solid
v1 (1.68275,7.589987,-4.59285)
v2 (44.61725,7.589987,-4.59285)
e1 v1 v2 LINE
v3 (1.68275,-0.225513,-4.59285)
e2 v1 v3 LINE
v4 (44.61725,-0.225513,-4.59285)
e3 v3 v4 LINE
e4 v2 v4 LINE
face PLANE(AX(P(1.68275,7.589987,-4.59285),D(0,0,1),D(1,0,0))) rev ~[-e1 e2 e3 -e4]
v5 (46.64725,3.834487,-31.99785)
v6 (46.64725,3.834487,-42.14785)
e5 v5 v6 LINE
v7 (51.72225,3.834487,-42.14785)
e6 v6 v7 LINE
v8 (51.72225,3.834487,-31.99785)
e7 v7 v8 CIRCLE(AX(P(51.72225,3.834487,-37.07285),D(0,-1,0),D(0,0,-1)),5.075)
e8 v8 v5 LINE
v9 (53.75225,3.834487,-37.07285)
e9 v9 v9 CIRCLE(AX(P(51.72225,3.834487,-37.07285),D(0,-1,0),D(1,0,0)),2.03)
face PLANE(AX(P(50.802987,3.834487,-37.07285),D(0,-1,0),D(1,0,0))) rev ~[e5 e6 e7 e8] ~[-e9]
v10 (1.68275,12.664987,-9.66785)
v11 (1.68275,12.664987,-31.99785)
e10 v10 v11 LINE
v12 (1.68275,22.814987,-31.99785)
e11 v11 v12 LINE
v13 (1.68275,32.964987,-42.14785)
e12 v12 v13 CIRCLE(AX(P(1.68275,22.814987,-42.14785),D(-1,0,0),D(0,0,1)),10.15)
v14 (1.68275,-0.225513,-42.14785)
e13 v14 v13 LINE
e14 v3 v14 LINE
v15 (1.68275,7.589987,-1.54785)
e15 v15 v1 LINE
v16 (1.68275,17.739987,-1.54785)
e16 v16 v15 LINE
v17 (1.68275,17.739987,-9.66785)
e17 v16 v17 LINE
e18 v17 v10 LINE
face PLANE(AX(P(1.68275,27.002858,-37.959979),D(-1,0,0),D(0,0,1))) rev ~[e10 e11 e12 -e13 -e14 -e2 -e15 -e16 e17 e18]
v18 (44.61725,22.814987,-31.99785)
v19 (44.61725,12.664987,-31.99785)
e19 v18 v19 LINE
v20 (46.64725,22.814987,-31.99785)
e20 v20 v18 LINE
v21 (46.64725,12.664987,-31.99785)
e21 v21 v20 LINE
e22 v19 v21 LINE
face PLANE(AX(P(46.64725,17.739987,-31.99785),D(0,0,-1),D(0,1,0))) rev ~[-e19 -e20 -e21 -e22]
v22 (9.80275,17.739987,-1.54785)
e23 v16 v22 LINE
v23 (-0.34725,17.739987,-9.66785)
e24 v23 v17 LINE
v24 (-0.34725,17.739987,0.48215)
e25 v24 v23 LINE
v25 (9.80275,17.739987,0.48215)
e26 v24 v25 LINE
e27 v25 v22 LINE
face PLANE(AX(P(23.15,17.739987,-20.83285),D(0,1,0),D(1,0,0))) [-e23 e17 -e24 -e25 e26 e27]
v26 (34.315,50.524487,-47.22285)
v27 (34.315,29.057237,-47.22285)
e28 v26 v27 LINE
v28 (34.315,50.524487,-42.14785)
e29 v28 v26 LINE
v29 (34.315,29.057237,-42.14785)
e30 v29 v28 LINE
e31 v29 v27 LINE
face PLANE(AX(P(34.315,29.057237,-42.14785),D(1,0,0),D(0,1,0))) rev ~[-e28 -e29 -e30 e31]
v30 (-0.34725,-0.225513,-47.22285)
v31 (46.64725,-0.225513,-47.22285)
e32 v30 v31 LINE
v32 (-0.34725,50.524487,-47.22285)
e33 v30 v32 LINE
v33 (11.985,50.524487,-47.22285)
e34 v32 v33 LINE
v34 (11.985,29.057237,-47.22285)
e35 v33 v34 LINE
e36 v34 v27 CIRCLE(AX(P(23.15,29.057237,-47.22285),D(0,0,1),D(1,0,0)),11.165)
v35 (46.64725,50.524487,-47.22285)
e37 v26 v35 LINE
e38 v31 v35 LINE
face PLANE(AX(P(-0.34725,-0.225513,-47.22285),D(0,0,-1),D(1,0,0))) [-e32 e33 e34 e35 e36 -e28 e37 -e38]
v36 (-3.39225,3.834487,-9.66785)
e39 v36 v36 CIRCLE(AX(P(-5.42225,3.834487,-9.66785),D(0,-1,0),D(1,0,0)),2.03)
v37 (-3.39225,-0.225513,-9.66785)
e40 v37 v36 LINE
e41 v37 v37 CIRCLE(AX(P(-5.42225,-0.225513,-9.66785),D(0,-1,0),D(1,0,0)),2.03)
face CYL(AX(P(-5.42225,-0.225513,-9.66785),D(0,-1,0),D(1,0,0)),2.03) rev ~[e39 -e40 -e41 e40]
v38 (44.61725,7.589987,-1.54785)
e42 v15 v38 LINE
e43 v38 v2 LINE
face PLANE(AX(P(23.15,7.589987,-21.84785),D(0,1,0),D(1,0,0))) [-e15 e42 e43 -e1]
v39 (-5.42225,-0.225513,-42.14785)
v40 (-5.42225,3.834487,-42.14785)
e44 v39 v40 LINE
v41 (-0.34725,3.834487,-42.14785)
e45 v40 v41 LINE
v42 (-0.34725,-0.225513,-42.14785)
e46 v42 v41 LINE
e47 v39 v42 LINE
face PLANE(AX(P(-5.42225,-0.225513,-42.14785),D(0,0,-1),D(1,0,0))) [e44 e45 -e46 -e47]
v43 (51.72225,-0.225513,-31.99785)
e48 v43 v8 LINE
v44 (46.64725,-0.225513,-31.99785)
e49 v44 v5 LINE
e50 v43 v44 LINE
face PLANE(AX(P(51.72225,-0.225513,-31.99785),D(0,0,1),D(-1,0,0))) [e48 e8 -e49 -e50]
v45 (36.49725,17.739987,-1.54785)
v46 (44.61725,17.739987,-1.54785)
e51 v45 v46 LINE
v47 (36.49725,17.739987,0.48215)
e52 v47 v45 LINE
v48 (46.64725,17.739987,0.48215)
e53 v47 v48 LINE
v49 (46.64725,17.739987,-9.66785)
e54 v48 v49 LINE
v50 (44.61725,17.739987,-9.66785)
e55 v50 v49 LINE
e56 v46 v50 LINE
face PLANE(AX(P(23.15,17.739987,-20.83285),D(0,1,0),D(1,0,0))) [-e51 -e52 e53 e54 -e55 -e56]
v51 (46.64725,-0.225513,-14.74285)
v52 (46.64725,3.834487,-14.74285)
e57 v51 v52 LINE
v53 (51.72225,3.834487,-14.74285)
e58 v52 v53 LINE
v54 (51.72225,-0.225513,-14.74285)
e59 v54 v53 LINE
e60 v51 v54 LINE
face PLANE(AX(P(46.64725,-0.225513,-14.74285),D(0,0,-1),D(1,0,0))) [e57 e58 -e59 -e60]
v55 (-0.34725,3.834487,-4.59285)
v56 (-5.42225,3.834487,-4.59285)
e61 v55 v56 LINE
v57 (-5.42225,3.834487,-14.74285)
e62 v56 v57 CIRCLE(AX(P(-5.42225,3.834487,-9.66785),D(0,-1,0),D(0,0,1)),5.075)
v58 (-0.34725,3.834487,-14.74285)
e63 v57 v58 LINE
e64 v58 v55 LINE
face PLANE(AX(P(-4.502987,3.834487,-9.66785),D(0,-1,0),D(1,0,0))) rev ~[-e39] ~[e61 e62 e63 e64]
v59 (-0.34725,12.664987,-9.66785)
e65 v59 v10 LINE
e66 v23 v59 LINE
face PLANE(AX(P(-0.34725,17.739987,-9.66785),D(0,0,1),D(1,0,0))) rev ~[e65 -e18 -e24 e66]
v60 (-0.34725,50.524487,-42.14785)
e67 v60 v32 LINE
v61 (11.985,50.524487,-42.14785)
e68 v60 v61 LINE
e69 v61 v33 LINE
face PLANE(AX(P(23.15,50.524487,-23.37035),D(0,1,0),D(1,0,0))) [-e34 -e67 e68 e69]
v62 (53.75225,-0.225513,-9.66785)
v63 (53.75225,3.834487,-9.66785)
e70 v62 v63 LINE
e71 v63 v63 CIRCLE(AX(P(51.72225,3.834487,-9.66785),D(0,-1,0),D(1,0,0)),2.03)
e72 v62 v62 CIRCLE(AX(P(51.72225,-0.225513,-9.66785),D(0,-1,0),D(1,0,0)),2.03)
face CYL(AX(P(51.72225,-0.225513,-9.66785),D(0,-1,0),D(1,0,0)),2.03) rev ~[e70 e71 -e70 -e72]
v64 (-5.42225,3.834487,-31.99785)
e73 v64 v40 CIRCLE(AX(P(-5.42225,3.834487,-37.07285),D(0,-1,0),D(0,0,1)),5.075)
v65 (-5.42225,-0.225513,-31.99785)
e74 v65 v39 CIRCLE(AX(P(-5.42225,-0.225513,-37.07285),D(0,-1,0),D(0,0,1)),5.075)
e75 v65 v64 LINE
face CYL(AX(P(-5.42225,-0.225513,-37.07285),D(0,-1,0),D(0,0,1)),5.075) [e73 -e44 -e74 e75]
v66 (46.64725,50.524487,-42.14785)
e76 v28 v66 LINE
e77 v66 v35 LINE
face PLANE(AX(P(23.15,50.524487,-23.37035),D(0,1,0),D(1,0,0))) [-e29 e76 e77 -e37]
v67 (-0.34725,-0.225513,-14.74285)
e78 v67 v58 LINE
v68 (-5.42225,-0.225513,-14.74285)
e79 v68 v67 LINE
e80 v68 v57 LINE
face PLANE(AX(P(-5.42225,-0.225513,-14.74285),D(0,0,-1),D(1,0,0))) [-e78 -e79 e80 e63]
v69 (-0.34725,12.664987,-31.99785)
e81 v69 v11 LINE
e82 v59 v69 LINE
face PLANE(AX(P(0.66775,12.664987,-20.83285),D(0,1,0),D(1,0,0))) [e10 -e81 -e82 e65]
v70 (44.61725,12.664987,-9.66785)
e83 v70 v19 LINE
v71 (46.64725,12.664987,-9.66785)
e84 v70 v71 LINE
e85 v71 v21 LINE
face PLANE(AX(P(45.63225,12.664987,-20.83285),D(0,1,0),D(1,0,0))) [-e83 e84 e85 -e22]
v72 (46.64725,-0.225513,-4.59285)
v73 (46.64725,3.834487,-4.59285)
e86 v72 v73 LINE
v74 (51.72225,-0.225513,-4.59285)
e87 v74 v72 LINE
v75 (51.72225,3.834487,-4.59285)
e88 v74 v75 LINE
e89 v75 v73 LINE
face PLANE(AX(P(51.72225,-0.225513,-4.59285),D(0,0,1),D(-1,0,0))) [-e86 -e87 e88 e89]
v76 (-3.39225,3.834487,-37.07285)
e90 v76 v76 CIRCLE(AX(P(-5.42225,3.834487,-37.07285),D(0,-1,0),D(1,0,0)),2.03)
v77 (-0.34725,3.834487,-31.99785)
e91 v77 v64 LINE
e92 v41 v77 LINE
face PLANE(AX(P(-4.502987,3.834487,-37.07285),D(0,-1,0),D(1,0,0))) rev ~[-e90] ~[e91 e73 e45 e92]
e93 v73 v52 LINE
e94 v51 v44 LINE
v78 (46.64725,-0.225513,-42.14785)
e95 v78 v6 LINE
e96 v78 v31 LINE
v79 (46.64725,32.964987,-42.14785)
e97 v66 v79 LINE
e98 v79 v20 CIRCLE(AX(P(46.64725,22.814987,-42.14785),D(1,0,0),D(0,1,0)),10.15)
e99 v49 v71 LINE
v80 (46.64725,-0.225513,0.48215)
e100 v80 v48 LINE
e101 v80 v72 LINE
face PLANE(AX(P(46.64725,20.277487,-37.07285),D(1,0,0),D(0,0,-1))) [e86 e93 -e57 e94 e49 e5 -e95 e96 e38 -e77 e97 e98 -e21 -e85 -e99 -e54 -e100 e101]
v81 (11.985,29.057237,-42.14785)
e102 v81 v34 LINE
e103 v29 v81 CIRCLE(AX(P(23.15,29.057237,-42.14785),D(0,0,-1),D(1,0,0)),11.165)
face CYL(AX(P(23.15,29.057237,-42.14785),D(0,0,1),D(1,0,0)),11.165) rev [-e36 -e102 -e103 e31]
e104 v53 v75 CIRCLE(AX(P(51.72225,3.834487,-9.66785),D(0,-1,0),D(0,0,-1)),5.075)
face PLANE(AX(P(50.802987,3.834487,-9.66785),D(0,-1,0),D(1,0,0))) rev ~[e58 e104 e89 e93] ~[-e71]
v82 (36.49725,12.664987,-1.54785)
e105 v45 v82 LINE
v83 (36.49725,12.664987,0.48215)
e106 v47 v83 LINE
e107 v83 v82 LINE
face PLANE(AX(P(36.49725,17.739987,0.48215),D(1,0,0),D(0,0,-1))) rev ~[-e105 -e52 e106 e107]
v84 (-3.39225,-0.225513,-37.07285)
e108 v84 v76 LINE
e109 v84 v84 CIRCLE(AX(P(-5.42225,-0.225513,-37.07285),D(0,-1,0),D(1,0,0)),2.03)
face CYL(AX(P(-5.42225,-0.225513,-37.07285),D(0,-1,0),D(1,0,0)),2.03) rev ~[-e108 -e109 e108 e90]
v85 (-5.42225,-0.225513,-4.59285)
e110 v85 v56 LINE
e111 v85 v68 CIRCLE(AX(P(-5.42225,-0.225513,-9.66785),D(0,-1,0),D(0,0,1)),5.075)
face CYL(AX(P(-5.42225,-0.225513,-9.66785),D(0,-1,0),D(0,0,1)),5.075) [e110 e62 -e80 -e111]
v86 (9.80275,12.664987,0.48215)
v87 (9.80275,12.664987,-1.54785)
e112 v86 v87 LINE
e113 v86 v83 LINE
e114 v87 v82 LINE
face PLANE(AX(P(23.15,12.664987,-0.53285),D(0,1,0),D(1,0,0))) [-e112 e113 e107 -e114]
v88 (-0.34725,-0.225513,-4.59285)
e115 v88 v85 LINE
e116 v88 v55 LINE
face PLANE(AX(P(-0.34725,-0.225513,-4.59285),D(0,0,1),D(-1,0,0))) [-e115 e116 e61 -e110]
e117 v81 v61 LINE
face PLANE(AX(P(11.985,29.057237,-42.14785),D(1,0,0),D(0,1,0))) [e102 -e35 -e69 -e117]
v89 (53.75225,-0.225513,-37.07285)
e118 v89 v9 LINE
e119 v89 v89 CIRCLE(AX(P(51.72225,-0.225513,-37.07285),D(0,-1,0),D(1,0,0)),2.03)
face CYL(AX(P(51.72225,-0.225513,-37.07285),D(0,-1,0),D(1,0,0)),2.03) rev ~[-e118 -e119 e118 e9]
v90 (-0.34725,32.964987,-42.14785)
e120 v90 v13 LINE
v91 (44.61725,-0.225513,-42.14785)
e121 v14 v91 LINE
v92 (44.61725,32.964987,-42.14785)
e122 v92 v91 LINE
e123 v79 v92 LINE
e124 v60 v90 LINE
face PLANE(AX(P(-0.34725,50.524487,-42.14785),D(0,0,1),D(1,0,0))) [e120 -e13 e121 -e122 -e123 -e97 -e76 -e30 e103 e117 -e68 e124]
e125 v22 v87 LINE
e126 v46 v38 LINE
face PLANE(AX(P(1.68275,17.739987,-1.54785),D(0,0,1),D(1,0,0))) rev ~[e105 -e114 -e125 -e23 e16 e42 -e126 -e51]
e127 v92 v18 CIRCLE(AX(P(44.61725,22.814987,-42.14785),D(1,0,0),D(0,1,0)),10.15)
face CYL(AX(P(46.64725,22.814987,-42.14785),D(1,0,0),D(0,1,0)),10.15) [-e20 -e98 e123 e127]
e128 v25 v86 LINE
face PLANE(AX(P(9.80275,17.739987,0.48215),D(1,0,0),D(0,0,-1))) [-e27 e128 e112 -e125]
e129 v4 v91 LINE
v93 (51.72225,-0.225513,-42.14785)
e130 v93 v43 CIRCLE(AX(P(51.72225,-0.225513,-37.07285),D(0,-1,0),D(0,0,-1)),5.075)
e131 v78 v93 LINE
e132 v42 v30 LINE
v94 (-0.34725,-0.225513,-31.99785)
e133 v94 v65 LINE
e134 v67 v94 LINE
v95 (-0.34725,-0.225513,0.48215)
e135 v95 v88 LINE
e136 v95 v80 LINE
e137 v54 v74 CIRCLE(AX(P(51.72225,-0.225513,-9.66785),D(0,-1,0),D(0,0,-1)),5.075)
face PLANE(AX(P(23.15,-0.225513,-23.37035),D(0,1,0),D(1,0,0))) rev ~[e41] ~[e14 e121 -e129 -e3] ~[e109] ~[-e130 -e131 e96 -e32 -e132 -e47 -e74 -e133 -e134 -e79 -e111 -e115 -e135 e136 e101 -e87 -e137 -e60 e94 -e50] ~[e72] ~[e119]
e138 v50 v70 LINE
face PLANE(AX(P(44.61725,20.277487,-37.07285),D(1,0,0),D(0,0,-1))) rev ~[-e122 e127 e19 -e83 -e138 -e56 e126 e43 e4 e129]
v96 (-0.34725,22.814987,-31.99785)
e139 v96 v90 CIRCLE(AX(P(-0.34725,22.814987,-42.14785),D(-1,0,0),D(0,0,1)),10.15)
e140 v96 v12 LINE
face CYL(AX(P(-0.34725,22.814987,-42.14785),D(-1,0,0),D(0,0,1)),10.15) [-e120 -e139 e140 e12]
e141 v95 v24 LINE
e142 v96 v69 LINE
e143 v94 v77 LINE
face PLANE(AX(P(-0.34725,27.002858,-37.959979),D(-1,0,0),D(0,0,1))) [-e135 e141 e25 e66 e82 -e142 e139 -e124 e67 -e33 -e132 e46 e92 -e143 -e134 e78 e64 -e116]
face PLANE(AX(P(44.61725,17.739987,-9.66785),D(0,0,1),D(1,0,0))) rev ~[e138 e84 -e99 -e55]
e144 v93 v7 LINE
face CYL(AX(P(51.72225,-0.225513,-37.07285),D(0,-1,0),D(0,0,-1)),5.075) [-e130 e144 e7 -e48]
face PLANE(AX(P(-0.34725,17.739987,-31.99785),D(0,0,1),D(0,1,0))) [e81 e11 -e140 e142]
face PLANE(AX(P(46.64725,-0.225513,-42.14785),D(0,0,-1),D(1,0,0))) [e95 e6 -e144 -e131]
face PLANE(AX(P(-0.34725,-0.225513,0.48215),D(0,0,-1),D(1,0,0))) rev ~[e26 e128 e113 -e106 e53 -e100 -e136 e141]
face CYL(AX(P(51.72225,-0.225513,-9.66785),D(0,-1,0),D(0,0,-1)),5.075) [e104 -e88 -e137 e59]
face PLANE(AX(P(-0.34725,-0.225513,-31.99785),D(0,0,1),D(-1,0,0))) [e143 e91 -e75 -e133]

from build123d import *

# Parameters (mm, degrees)
SKETCH_1_W          = 46.3
SKETCH_1_H          = 47
EXTRUDE_1_DEPTH     = 50
SKETCH_2_W          = 46.3
SKETCH_2_H          = 42
CUT_EXTRUDE_1_DEPTH = 32.3
SKETCH_3_W          = 42.3
SKETCH_3_H          = 40
CUT_EXTRUDE_2_DEPTH = 10
SKETCH_4_W          = 42.3
SKETCH_4_H          = 37
CUT_EXTRUDE_3_DEPTH = 8.7
SKETCH_5_W          = 2
SKETCH_5_H          = 22
SKETCH_5_W_2        = 26.3
SKETCH_5_H_2        = 2
CUT_EXTRUDE_4_DEPTH = 5
SKETCH_7_W          = 10
SKETCH_7_H          = 5
EXTRUDE_2_DEPTH     = 2
SKETCH_8_W          = 10
SKETCH_8_H          = 5
EXTRUDE_3_DEPTH     = 2
SKETCH_9_W          = 22
SKETCH_9_H          = 21.15
CUT_EXTRUDE_5_DEPTH = 6
SKETCH_11_R         = 2
EXTRUDE_4_DEPTH     = 4
SKETCH_12_R         = 2
CUT_EXTRUDE_6_DEPTH = 4
SCALE_1_SCALE       = 1.015


with BuildPart() as part:
    # 草圖1 → 填料-伸長1 (new body)
    with BuildSketch(Plane(origin=(0, 0, 0), x_dir=(1, 0, 0), z_dir=(0, 1, 0))):
        with Locations((23.15, 23.5)):
            Rectangle(SKETCH_1_W, SKETCH_1_H)
    extrude(amount=EXTRUDE_1_DEPTH)

    # 草圖2 → 除料-伸長1 (cut)
    with BuildSketch(Plane(origin=(0, 50, 0), x_dir=(1, 0, 0), z_dir=(0, 1, 0))):
        with Locations((23.15, 21)):
            Rectangle(SKETCH_2_W, SKETCH_2_H)
    extrude(amount=-CUT_EXTRUDE_1_DEPTH, mode=Mode.SUBTRACT)

    # 草圖3 → 除料-伸長2 (cut)
    with BuildSketch(Plane(origin=(0, 17.7, 0), x_dir=(1, 0, 0), z_dir=(0, 1, 0))):
        with Locations((23.15, 22)):
            Rectangle(SKETCH_3_W, SKETCH_3_H)
    extrude(amount=-CUT_EXTRUDE_2_DEPTH, mode=Mode.SUBTRACT)

    # 草圖4 → 除料-伸長3 (cut, through all)
    with BuildSketch(Plane(origin=(0, 7.7, 0), x_dir=(1, 0, 0), z_dir=(0, 1, 0))):
        with Locations((23.15, 23.5)):
            Rectangle(SKETCH_4_W, SKETCH_4_H)
    extrude(amount=-CUT_EXTRUDE_3_DEPTH, mode=Mode.SUBTRACT)

    # 草圖5 → 除料-伸長4 (cut)
    with BuildSketch(Plane(origin=(0, 17.7, 0), x_dir=(1, 0, 0), z_dir=(0, 1, 0))):
        with Locations((1, 21)):
            Rectangle(SKETCH_5_W, SKETCH_5_H)
        with Locations((45.3, 21)):
            Rectangle(SKETCH_5_W, SKETCH_5_H)
        with Locations((23.15, 1)):
            Rectangle(SKETCH_5_W_2, SKETCH_5_H_2)
    extrude(amount=-CUT_EXTRUDE_4_DEPTH, mode=Mode.SUBTRACT)

    # 草圖7 → 填料-伸長2 (add)
    with BuildSketch(Plane.ZY):
        with BuildLine():
            Line((-42, 32.7), (-42, 22.7))
            Line((-42, 22.7), (-32, 22.7))
            ThreePointArc((-32, 22.7), (-34.928932188, 29.771067812), (-42, 32.7))
        make_face()
        with Locations((-37, 20.2)):
            Rectangle(SKETCH_7_W, SKETCH_7_H)
    extrude(amount=-EXTRUDE_2_DEPTH)

    # 草圖8 → 填料-伸長3 (add)
    with BuildSketch(Plane(origin=(46.3, 0, 0), x_dir=(0, 0, -1), z_dir=(1, 0, 0))):
        with Locations((37, 20.2)):
            Rectangle(SKETCH_8_W, SKETCH_8_H)
        with BuildLine():
            Line((32, 22.7), (42, 22.7))
            Line((42, 22.7), (42, 32.7))
            ThreePointArc((42, 32.7), (34.928932188, 29.771067812), (32, 22.7))
        make_face()
    extrude(amount=-EXTRUDE_3_DEPTH)

    # 草圖9 → 除料-伸長5 (cut, through all)
    with BuildSketch(Plane.XY.offset(-42)):
        with BuildLine():
            ThreePointArc((34.15, 28.85), (23.15, 17.85), (12.15, 28.85))
            Line((12.15, 28.85), (34.15, 28.85))
        make_face()
        with Locations((23.15, 39.425)):
            Rectangle(SKETCH_9_W, SKETCH_9_H)
    extrude(amount=-CUT_EXTRUDE_5_DEPTH, mode=Mode.SUBTRACT)

    # 草圖11 → 填料-伸長4 (add)
    with BuildSketch(Plane.XZ):
        with BuildLine():
            Line((51.3, -5), (46.3, -5))
            Line((46.3, -5), (46.3, -15))
            Line((46.3, -15), (51.3, -15))
            ThreePointArc((51.3, -15), (56.3, -10), (51.3, -5))
        make_face()
        with Locations((51.3, -10)):
            Circle(SKETCH_11_R, mode=Mode.SUBTRACT)
        with BuildLine():
            Line((46.3, -32), (46.3, -42))
            Line((46.3, -42), (51.3, -42))
            ThreePointArc((51.3, -42), (56.3, -37), (51.3, -32))
            Line((51.3, -32), (46.3, -32))
        make_face()
        with Locations((51.3, -37)):
            Circle(SKETCH_11_R, mode=Mode.SUBTRACT)
        with BuildLine():
            Line((0, -15), (0, -5))
            Line((0, -5), (-5, -5))
            ThreePointArc((-5, -5), (-10, -10), (-5, -15))
            Line((-5, -15), (0, -15))
        make_face()
        with BuildLine():
            Line((0, -42), (0, -32))
            Line((0, -32), (-5, -32))
            ThreePointArc((-5, -32), (-10, -37), (-5, -42))
            Line((-5, -42), (0, -42))
        make_face()
        with Locations((-5, -37)):
            Circle(SKETCH_11_R, mode=Mode.SUBTRACT)
    extrude(amount=-EXTRUDE_4_DEPTH)

    # 草圖12 → 除料-伸長6 (cut)
    with BuildSketch(Plane.XZ):
        with Locations((-5, -10)):
            Circle(SKETCH_12_R)
    extrude(amount=-CUT_EXTRUDE_6_DEPTH, mode=Mode.SUBTRACT)


with BuildPart() as part_1:
    # 縮放比例1: scaled about (23.15, 15.034187995, -32.143313771)
    add(part.part.scale(SCALE_1_SCALE).moved(Location((-0.34725, -0.22551282, 0.482149707))))


solid = part_1.part
